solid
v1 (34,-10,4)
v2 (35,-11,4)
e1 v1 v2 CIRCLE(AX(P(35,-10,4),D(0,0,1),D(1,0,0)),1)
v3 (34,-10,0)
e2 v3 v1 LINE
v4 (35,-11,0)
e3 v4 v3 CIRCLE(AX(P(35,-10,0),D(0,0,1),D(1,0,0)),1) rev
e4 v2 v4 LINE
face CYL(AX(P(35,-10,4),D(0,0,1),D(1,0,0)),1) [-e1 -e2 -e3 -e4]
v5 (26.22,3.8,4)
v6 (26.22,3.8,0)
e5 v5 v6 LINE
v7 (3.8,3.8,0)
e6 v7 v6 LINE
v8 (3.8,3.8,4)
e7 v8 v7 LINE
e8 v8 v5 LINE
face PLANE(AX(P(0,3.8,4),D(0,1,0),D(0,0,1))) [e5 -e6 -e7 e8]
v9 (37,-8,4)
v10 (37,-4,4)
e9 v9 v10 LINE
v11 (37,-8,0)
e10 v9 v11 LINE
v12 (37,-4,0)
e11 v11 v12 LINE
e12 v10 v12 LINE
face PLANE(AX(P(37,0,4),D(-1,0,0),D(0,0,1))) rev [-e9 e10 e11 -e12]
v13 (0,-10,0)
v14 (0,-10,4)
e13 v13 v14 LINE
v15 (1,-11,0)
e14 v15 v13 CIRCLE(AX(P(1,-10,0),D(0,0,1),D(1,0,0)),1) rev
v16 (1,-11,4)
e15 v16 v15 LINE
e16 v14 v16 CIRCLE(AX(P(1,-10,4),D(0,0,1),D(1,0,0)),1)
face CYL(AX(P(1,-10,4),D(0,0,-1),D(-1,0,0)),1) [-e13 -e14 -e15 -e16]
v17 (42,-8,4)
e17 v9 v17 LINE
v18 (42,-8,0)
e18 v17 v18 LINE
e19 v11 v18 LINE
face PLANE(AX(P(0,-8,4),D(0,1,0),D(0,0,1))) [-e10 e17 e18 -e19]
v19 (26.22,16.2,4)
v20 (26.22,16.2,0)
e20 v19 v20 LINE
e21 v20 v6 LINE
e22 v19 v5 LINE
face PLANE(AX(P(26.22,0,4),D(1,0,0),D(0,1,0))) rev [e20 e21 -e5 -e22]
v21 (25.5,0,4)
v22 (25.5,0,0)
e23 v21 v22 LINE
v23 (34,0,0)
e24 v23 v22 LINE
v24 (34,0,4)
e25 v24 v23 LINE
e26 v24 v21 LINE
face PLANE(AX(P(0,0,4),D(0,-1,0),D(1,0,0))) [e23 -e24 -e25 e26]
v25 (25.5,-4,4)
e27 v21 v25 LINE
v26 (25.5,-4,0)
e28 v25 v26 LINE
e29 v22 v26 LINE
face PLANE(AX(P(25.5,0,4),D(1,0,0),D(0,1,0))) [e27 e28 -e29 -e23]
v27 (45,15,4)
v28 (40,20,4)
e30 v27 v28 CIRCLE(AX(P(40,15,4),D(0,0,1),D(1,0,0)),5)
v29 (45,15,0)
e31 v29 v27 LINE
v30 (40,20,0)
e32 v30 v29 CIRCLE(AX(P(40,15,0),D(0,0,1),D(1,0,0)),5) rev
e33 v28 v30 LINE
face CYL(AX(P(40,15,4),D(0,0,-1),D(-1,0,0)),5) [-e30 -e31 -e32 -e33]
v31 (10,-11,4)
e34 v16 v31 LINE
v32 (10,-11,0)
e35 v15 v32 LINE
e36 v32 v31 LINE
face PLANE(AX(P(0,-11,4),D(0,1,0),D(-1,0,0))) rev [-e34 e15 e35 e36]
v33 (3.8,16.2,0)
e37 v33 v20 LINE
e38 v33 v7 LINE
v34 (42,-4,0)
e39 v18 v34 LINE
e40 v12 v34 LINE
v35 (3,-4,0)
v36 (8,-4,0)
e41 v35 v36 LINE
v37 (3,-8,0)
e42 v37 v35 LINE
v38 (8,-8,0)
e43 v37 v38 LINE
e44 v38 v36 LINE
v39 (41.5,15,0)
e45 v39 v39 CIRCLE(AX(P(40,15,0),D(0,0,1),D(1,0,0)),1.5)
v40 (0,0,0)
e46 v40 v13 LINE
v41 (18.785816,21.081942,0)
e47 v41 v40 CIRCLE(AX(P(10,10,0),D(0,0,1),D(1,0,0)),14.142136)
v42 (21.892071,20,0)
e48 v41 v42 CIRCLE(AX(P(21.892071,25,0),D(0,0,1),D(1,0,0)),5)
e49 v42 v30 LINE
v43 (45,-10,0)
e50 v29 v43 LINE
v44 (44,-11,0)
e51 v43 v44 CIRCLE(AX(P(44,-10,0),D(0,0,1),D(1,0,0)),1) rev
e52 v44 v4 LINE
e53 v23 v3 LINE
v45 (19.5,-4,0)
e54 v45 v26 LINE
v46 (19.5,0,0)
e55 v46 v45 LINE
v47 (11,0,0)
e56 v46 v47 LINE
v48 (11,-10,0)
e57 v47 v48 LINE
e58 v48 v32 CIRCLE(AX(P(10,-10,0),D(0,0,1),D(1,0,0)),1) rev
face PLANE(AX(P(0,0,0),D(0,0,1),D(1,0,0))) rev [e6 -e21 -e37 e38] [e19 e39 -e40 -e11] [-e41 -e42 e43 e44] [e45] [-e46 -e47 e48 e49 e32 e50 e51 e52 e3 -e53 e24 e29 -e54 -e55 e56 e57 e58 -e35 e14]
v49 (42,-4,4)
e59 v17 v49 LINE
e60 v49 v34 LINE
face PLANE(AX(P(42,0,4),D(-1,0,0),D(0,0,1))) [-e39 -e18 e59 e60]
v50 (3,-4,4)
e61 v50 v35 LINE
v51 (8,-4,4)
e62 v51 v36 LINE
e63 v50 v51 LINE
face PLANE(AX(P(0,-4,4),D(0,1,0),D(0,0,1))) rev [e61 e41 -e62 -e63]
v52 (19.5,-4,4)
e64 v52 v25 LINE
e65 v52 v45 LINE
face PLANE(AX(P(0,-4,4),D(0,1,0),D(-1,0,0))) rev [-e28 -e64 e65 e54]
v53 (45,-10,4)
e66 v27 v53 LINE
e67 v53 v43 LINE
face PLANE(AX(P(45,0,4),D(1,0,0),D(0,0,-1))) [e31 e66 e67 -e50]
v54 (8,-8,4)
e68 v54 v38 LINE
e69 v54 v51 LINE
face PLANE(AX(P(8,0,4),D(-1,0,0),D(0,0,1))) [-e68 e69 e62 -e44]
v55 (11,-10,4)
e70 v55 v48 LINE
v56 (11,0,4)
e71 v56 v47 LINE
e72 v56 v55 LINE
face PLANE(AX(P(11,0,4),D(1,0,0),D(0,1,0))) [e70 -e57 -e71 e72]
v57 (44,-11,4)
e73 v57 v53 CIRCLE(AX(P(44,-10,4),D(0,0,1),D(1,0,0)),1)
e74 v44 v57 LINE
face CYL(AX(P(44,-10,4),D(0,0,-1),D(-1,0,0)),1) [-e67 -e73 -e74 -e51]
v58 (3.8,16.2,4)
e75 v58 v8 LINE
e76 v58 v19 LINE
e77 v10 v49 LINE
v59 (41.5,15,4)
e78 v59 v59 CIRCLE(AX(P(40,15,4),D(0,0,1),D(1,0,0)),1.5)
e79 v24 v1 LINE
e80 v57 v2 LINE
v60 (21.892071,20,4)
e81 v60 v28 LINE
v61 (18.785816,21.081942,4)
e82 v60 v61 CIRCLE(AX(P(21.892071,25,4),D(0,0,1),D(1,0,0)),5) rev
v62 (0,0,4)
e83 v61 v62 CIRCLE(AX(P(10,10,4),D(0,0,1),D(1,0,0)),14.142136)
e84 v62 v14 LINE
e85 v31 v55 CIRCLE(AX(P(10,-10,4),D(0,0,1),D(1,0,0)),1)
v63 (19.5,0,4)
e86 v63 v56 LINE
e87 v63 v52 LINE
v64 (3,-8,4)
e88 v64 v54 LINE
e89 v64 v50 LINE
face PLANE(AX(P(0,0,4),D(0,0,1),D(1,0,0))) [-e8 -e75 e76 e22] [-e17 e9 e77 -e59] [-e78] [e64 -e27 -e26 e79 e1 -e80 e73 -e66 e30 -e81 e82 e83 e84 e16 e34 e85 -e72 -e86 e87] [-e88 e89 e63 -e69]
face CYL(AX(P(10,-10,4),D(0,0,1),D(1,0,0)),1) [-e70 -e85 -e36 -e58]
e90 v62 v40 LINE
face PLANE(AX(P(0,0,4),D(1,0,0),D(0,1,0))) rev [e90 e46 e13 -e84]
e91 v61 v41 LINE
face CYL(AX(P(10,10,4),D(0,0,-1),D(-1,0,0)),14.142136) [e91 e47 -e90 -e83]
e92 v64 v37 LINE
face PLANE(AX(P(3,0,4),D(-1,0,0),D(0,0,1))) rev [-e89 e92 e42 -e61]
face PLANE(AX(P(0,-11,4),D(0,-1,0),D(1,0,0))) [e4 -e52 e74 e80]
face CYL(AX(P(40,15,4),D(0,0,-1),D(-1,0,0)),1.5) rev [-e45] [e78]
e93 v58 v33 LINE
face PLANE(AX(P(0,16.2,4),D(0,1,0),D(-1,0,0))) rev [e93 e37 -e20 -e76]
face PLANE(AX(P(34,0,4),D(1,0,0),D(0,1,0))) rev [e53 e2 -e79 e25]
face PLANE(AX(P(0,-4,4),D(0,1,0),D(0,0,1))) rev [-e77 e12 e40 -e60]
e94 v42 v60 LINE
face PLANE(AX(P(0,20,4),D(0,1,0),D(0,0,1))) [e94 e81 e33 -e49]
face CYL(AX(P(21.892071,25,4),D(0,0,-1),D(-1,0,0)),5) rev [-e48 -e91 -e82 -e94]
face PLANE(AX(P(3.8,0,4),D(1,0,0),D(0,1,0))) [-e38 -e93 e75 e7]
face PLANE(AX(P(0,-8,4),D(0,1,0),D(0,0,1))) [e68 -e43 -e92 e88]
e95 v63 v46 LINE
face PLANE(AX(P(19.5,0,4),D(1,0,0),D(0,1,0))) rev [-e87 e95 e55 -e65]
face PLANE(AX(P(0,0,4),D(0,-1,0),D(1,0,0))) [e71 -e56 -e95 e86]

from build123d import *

# Parameters (mm, degrees)
SKETCH1_W           = 22.42
SKETCH1_H           = 12.4
SKETCH1_W_2         = 5
SKETCH1_H_2         = 4
SKETCH1_R           = 1.5
BOSS_EXTRUDE2_DEPTH = 4
FILLET2_R           = 1
FILLET1_R           = 5


with BuildPart() as part:
    # Sketch1 → Boss-Extrude2 (new body)
    with BuildSketch(Plane.XY):
        with BuildLine():
            Line((0, 0), (0, -11))
            Line((0, -11), (11, -11))
            Line((11, -11), (11, 0))
            Line((11, 0), (19.5, 0))
            Line((19.5, 0), (19.5, -4))
            Line((19.5, -4), (25.5, -4))
            Line((25.5, -4), (25.5, 0))
            Line((25.5, 0), (34, 0))
            Line((34, 0), (34, -11))
            Line((34, -11), (45, -11))
            Line((45, -11), (45, 20))
            Line((45, 20), (20, 20))
            ThreePointArc((20, 20), (0, 20), (0, 0))
        make_face()
        with Locations((15.01, 10)):
            Rectangle(SKETCH1_W, SKETCH1_H, mode=Mode.SUBTRACT)
        with Locations((5.5, -6)):
            Rectangle(SKETCH1_W_2, SKETCH1_H_2, mode=Mode.SUBTRACT)
        with Locations((40, 15)):
            Circle(SKETCH1_R, mode=Mode.SUBTRACT)
        with Locations((39.5, -6)):
            Rectangle(SKETCH1_W_2, SKETCH1_H_2, mode=Mode.SUBTRACT)
    extrude(amount=BOSS_EXTRUDE2_DEPTH)

    # Fillet2
    fillet2_edges = [part.edges().sort_by_distance(p)[0] for p in [
        (45, -11, 2),
        (34, -11, 2),
        (11, -11, 2),
        (0, -11, 2),
    ]]
    fillet(fillet2_edges, radius=FILLET2_R)

    # Fillet1
    fillet1_edges = [part.edges().sort_by_distance(p)[0] for p in [
        (45, 20, 2),
        (20, 20, 2),
    ]]
    fillet(fillet1_edges, radius=FILLET1_R)


solid = part.part
